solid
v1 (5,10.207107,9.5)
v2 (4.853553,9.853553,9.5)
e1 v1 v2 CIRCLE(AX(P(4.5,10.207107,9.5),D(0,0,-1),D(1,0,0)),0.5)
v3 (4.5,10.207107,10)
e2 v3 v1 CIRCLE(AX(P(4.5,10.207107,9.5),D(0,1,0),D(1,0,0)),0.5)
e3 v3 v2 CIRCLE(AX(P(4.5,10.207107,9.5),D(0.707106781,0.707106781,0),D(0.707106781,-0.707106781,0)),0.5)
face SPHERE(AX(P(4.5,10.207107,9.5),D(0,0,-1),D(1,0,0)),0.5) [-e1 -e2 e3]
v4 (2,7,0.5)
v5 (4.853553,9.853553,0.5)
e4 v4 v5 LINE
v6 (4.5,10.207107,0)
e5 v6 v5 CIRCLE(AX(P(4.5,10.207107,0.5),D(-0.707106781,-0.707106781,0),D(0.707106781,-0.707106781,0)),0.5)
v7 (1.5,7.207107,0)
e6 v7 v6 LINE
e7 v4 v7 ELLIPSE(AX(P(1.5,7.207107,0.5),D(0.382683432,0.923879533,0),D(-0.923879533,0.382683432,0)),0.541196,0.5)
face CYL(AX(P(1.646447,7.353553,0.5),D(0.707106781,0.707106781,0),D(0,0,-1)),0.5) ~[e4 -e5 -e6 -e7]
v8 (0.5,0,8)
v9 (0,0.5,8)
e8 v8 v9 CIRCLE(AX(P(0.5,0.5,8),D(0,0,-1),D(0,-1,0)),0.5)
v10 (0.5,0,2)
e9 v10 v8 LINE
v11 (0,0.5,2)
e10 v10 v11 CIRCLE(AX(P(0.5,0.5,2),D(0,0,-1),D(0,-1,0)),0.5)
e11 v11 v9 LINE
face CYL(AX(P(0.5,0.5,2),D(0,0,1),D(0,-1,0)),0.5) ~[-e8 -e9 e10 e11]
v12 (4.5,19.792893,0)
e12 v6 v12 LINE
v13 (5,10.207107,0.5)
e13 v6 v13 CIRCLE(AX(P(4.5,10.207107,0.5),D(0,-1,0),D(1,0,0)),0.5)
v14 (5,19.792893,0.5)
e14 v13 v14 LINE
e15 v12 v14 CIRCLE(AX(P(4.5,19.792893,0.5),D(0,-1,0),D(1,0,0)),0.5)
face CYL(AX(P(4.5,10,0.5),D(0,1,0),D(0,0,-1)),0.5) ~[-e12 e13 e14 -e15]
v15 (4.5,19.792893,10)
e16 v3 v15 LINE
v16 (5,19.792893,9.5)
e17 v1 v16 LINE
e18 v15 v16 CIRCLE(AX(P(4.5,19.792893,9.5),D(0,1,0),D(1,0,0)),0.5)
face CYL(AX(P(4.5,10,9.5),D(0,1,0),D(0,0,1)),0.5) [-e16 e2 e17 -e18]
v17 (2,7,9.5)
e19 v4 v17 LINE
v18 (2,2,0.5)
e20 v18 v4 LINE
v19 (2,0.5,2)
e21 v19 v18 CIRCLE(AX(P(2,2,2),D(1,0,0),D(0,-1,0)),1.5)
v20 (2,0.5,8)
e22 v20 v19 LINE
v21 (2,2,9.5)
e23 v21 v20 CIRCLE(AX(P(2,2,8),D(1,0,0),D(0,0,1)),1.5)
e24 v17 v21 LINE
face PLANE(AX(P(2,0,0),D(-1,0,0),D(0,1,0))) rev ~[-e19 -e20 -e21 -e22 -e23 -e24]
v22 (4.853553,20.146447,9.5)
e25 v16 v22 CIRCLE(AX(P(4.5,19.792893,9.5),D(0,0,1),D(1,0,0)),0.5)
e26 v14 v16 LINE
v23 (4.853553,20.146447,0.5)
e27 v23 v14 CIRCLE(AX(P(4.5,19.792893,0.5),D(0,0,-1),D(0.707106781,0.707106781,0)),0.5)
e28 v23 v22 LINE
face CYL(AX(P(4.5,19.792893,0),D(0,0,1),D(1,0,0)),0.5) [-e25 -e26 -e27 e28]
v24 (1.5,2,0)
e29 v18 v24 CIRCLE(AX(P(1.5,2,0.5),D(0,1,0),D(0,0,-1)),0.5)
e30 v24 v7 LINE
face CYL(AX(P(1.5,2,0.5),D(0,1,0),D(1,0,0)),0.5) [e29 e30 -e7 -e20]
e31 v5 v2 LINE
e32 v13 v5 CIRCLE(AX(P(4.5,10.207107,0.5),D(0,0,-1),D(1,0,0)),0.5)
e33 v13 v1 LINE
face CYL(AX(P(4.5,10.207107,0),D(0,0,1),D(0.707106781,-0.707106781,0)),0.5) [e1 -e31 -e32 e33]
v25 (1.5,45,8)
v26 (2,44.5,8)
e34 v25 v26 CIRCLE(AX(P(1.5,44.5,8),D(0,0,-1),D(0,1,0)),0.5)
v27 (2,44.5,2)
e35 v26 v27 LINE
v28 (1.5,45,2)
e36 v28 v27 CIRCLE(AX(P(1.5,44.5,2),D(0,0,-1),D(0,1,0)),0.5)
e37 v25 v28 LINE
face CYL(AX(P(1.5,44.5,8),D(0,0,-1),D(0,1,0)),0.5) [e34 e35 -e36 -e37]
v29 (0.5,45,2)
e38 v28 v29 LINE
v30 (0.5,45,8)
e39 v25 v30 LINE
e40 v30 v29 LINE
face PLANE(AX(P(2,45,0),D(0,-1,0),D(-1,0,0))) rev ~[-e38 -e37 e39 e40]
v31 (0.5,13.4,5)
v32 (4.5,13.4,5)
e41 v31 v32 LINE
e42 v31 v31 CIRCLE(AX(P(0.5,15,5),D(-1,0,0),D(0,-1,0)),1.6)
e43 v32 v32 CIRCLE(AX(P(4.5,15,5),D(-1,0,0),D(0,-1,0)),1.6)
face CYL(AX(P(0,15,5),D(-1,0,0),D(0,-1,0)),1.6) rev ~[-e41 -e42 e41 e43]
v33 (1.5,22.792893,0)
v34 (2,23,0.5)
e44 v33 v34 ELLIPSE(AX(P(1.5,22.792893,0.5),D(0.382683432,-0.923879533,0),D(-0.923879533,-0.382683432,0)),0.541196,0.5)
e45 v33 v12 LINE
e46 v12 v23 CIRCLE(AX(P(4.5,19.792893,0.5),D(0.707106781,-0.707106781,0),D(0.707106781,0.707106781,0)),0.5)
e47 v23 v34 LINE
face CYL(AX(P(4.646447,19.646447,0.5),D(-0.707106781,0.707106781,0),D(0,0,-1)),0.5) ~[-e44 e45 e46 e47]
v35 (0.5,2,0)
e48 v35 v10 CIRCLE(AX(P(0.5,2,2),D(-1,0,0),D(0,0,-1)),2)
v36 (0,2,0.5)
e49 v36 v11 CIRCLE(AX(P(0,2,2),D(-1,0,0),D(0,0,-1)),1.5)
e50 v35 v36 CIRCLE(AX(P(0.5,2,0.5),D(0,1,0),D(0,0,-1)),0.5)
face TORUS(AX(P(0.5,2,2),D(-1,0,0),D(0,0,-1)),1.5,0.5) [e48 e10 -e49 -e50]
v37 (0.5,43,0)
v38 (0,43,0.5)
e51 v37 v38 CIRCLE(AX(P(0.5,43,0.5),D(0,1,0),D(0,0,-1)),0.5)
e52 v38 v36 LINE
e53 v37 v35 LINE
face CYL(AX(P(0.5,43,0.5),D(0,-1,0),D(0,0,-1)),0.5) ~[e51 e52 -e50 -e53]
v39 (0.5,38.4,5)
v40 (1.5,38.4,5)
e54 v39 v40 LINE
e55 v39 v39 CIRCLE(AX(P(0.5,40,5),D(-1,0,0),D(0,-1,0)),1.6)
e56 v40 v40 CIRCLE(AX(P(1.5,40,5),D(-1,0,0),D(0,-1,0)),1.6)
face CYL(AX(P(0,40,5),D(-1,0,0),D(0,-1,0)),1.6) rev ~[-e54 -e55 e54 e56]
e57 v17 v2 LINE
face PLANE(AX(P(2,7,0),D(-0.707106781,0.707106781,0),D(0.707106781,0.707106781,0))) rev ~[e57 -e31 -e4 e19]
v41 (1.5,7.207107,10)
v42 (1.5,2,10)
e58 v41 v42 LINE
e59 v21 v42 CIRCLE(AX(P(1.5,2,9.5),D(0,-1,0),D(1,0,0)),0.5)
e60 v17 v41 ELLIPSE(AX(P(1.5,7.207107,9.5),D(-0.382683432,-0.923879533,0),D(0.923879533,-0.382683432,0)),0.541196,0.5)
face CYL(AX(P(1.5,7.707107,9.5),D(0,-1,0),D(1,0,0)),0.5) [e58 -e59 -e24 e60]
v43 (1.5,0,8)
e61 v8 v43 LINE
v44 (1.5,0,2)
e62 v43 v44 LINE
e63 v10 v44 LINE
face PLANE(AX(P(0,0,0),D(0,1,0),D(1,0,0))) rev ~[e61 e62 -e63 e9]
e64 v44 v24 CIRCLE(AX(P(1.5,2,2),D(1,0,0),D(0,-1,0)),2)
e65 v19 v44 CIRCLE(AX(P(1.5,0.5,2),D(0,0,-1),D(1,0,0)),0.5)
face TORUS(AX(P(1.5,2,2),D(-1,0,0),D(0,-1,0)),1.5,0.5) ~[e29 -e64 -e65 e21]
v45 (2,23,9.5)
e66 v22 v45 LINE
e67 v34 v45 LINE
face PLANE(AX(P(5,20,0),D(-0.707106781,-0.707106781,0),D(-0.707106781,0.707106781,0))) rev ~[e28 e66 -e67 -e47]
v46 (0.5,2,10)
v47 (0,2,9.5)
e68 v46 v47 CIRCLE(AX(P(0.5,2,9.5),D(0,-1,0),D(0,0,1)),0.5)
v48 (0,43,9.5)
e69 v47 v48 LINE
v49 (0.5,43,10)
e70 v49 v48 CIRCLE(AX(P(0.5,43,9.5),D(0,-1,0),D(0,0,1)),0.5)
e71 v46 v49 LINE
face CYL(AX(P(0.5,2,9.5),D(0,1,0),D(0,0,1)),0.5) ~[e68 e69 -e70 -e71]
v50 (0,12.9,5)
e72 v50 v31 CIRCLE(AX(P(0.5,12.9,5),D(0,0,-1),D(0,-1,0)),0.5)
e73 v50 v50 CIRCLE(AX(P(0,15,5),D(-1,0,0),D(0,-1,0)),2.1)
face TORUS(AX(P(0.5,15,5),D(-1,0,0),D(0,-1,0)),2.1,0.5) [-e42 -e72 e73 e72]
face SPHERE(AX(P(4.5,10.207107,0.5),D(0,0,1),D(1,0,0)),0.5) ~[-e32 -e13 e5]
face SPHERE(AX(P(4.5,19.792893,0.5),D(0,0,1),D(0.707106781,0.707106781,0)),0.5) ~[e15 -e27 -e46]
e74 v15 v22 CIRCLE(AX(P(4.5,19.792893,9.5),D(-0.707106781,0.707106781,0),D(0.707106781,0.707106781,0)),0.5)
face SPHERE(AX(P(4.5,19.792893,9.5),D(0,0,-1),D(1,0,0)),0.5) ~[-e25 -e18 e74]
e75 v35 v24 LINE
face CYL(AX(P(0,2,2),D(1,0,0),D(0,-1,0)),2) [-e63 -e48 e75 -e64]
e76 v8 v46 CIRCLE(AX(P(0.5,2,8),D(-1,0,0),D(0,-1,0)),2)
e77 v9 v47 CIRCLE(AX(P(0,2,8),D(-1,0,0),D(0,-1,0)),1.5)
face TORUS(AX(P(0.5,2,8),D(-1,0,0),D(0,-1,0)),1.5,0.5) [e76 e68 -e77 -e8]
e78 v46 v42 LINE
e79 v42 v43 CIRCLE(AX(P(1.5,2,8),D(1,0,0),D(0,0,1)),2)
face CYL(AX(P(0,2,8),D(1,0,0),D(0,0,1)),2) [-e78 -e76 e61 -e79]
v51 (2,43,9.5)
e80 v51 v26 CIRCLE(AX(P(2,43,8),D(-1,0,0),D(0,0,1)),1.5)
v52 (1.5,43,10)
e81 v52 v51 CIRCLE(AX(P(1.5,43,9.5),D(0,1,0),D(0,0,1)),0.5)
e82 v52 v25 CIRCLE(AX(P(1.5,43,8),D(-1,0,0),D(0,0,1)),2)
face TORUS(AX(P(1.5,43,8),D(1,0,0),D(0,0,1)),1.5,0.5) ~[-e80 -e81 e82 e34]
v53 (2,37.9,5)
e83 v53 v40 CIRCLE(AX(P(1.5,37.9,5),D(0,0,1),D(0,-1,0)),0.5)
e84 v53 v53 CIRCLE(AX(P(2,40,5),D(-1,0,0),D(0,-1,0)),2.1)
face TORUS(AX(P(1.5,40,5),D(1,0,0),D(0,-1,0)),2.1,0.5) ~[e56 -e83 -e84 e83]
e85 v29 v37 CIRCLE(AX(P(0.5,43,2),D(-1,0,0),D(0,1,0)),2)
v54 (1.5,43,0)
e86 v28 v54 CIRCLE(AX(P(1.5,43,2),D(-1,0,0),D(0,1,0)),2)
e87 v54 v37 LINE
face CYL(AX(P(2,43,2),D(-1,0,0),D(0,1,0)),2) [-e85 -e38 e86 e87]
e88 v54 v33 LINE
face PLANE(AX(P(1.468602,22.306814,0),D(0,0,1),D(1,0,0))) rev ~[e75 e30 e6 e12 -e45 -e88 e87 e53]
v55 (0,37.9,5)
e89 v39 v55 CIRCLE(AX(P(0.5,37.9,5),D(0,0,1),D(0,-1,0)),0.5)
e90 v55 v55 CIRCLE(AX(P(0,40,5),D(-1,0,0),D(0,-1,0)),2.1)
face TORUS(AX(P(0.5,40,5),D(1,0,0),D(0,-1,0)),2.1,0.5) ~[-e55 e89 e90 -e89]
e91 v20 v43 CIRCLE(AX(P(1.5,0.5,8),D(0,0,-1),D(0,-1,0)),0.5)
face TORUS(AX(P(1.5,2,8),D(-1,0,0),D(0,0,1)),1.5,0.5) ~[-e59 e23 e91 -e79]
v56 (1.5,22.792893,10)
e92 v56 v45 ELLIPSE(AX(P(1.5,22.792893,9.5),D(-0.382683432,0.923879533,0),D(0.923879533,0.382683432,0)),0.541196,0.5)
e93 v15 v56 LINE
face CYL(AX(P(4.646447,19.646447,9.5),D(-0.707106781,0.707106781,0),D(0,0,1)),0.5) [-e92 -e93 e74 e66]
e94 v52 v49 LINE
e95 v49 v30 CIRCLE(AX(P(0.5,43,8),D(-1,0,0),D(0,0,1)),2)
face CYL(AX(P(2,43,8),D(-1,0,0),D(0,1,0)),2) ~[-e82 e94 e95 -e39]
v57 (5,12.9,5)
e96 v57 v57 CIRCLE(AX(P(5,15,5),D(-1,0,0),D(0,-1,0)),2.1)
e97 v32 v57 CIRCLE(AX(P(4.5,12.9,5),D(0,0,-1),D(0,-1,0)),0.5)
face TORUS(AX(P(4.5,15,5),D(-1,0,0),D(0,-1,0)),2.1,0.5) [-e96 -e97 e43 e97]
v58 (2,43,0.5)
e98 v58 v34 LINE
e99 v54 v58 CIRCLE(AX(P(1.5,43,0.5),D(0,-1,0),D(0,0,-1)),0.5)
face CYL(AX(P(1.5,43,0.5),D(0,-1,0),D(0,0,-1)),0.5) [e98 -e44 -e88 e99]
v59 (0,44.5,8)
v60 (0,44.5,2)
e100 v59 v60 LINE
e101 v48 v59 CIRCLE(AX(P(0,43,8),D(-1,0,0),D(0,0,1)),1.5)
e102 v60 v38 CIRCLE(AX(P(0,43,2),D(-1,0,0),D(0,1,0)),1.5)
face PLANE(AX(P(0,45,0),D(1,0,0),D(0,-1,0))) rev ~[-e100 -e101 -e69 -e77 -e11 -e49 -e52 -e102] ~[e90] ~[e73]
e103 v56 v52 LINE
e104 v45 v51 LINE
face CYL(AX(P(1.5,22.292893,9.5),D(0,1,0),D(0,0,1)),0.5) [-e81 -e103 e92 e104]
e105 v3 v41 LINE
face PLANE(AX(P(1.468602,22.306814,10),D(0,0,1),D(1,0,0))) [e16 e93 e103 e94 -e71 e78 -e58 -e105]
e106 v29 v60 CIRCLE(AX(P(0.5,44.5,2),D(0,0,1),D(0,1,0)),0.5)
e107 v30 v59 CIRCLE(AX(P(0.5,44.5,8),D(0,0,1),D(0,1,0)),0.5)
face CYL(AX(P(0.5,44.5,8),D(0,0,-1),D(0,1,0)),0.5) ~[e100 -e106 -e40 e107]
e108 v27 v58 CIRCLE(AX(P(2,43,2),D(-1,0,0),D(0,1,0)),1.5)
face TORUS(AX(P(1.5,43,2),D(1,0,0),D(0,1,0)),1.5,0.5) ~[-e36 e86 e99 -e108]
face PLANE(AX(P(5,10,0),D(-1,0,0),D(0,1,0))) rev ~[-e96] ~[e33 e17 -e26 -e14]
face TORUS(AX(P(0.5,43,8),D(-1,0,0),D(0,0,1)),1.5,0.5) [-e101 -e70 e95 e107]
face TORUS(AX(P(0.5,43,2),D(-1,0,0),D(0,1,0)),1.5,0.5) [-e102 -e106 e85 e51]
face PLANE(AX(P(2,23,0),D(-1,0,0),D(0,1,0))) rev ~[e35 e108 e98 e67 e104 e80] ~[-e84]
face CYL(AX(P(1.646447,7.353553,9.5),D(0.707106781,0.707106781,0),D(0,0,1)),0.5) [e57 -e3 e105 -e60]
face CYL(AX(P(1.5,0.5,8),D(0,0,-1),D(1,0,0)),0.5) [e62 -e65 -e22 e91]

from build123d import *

# Parameters (mm, degrees)
EXTRUDE_1_DEPTH     = 10
SKETCH_2_R          = 1.6
CUT_EXTRUDE_1_DEPTH = 47.368092477
FILLET_8_R          = 0.5
FILLET_6_R          = 2
FILLET_9_R          = 0.5
FILLET_10_R         = 0.5


with BuildPart() as part:
    # Эскиз1 → Бобышка-Вытянуть1 (new body)
    with BuildSketch(Plane.XY):
        Polygon((0, 0), (2, 0), (2, 7), (5, 10), (5, 20), (2, 23), (2, 45), (0, 45), align=None)
    extrude(amount=EXTRUDE_1_DEPTH)

    # Эскиз2 → Вырез-Вытянуть1 (cut, through all)
    with BuildSketch(Plane.ZY):
        with Locations(Location((5, 15, 0), (0, 0, 270))):
            Circle(SKETCH_2_R)
        with Locations(Location((5, 40, 0), (0, 0, 270))):
            Circle(SKETCH_2_R)
    extrude(amount=-CUT_EXTRUDE_1_DEPTH, mode=Mode.SUBTRACT)

    # Скругление8
    fillet_8_edges = [part.edges().sort_by_distance(p)[0] for p in [
        (3.5, 8.5, 10),
        (5, 20, 5),
        (5, 10, 5),
        (5, 15, 10),
        (3.5, 21.5, 10),
        (3.5, 21.5, 0),
        (5, 15, 0),
        (3.5, 8.5, 0),
    ]]
    fillet(fillet_8_edges, radius=FILLET_8_R)

    # Скругление6
    fillet_6_edges = [part.edges().sort_by_distance(p)[0] for p in [
        (1, 0, 0),
        (1, 45, 10),
        (1, 0, 10),
        (1, 45, 0),
    ]]
    fillet(fillet_6_edges, radius=FILLET_6_R)

    # Скругление9
    fillet_9_edges = [part.edges().sort_by_distance(p)[0] for p in [
        (0, 44.414213562, 0.585786438),
        (0, 45, 5),
        (0, 44.414213562, 9.414213562),
        (0, 22.5, 10),
        (0, 0.585786438, 9.414213562),
        (0, 0, 5),
        (0, 0.585786438, 0.585786438),
        (2, 32.646446609, 10),
        (2, 44.414213562, 9.414213562),
        (2, 32.646446609, 0),
        (2, 44.414213562, 0.585786438),
        (2, 4.853553391, 10),
        (2, 0.585786438, 9.414213562),
        (2, 4.853553391, 0),
        (2, 0.585786438, 0.585786438),
        (0, 22.5, 0),
        (2, 45, 5),
        (2, 0, 5),
    ]]
    fillet(fillet_9_edges, radius=FILLET_9_R)

    # Скругление10
    fillet_10_edges = [part.edges().sort_by_distance(p)[0] for p in [
        (5, 16.6, 5),
        (0, 16.6, 5),
        (2, 41.6, 5),
        (0, 41.6, 5),
    ]]
    fillet(fillet_10_edges, radius=FILLET_10_R)


solid = part.part
